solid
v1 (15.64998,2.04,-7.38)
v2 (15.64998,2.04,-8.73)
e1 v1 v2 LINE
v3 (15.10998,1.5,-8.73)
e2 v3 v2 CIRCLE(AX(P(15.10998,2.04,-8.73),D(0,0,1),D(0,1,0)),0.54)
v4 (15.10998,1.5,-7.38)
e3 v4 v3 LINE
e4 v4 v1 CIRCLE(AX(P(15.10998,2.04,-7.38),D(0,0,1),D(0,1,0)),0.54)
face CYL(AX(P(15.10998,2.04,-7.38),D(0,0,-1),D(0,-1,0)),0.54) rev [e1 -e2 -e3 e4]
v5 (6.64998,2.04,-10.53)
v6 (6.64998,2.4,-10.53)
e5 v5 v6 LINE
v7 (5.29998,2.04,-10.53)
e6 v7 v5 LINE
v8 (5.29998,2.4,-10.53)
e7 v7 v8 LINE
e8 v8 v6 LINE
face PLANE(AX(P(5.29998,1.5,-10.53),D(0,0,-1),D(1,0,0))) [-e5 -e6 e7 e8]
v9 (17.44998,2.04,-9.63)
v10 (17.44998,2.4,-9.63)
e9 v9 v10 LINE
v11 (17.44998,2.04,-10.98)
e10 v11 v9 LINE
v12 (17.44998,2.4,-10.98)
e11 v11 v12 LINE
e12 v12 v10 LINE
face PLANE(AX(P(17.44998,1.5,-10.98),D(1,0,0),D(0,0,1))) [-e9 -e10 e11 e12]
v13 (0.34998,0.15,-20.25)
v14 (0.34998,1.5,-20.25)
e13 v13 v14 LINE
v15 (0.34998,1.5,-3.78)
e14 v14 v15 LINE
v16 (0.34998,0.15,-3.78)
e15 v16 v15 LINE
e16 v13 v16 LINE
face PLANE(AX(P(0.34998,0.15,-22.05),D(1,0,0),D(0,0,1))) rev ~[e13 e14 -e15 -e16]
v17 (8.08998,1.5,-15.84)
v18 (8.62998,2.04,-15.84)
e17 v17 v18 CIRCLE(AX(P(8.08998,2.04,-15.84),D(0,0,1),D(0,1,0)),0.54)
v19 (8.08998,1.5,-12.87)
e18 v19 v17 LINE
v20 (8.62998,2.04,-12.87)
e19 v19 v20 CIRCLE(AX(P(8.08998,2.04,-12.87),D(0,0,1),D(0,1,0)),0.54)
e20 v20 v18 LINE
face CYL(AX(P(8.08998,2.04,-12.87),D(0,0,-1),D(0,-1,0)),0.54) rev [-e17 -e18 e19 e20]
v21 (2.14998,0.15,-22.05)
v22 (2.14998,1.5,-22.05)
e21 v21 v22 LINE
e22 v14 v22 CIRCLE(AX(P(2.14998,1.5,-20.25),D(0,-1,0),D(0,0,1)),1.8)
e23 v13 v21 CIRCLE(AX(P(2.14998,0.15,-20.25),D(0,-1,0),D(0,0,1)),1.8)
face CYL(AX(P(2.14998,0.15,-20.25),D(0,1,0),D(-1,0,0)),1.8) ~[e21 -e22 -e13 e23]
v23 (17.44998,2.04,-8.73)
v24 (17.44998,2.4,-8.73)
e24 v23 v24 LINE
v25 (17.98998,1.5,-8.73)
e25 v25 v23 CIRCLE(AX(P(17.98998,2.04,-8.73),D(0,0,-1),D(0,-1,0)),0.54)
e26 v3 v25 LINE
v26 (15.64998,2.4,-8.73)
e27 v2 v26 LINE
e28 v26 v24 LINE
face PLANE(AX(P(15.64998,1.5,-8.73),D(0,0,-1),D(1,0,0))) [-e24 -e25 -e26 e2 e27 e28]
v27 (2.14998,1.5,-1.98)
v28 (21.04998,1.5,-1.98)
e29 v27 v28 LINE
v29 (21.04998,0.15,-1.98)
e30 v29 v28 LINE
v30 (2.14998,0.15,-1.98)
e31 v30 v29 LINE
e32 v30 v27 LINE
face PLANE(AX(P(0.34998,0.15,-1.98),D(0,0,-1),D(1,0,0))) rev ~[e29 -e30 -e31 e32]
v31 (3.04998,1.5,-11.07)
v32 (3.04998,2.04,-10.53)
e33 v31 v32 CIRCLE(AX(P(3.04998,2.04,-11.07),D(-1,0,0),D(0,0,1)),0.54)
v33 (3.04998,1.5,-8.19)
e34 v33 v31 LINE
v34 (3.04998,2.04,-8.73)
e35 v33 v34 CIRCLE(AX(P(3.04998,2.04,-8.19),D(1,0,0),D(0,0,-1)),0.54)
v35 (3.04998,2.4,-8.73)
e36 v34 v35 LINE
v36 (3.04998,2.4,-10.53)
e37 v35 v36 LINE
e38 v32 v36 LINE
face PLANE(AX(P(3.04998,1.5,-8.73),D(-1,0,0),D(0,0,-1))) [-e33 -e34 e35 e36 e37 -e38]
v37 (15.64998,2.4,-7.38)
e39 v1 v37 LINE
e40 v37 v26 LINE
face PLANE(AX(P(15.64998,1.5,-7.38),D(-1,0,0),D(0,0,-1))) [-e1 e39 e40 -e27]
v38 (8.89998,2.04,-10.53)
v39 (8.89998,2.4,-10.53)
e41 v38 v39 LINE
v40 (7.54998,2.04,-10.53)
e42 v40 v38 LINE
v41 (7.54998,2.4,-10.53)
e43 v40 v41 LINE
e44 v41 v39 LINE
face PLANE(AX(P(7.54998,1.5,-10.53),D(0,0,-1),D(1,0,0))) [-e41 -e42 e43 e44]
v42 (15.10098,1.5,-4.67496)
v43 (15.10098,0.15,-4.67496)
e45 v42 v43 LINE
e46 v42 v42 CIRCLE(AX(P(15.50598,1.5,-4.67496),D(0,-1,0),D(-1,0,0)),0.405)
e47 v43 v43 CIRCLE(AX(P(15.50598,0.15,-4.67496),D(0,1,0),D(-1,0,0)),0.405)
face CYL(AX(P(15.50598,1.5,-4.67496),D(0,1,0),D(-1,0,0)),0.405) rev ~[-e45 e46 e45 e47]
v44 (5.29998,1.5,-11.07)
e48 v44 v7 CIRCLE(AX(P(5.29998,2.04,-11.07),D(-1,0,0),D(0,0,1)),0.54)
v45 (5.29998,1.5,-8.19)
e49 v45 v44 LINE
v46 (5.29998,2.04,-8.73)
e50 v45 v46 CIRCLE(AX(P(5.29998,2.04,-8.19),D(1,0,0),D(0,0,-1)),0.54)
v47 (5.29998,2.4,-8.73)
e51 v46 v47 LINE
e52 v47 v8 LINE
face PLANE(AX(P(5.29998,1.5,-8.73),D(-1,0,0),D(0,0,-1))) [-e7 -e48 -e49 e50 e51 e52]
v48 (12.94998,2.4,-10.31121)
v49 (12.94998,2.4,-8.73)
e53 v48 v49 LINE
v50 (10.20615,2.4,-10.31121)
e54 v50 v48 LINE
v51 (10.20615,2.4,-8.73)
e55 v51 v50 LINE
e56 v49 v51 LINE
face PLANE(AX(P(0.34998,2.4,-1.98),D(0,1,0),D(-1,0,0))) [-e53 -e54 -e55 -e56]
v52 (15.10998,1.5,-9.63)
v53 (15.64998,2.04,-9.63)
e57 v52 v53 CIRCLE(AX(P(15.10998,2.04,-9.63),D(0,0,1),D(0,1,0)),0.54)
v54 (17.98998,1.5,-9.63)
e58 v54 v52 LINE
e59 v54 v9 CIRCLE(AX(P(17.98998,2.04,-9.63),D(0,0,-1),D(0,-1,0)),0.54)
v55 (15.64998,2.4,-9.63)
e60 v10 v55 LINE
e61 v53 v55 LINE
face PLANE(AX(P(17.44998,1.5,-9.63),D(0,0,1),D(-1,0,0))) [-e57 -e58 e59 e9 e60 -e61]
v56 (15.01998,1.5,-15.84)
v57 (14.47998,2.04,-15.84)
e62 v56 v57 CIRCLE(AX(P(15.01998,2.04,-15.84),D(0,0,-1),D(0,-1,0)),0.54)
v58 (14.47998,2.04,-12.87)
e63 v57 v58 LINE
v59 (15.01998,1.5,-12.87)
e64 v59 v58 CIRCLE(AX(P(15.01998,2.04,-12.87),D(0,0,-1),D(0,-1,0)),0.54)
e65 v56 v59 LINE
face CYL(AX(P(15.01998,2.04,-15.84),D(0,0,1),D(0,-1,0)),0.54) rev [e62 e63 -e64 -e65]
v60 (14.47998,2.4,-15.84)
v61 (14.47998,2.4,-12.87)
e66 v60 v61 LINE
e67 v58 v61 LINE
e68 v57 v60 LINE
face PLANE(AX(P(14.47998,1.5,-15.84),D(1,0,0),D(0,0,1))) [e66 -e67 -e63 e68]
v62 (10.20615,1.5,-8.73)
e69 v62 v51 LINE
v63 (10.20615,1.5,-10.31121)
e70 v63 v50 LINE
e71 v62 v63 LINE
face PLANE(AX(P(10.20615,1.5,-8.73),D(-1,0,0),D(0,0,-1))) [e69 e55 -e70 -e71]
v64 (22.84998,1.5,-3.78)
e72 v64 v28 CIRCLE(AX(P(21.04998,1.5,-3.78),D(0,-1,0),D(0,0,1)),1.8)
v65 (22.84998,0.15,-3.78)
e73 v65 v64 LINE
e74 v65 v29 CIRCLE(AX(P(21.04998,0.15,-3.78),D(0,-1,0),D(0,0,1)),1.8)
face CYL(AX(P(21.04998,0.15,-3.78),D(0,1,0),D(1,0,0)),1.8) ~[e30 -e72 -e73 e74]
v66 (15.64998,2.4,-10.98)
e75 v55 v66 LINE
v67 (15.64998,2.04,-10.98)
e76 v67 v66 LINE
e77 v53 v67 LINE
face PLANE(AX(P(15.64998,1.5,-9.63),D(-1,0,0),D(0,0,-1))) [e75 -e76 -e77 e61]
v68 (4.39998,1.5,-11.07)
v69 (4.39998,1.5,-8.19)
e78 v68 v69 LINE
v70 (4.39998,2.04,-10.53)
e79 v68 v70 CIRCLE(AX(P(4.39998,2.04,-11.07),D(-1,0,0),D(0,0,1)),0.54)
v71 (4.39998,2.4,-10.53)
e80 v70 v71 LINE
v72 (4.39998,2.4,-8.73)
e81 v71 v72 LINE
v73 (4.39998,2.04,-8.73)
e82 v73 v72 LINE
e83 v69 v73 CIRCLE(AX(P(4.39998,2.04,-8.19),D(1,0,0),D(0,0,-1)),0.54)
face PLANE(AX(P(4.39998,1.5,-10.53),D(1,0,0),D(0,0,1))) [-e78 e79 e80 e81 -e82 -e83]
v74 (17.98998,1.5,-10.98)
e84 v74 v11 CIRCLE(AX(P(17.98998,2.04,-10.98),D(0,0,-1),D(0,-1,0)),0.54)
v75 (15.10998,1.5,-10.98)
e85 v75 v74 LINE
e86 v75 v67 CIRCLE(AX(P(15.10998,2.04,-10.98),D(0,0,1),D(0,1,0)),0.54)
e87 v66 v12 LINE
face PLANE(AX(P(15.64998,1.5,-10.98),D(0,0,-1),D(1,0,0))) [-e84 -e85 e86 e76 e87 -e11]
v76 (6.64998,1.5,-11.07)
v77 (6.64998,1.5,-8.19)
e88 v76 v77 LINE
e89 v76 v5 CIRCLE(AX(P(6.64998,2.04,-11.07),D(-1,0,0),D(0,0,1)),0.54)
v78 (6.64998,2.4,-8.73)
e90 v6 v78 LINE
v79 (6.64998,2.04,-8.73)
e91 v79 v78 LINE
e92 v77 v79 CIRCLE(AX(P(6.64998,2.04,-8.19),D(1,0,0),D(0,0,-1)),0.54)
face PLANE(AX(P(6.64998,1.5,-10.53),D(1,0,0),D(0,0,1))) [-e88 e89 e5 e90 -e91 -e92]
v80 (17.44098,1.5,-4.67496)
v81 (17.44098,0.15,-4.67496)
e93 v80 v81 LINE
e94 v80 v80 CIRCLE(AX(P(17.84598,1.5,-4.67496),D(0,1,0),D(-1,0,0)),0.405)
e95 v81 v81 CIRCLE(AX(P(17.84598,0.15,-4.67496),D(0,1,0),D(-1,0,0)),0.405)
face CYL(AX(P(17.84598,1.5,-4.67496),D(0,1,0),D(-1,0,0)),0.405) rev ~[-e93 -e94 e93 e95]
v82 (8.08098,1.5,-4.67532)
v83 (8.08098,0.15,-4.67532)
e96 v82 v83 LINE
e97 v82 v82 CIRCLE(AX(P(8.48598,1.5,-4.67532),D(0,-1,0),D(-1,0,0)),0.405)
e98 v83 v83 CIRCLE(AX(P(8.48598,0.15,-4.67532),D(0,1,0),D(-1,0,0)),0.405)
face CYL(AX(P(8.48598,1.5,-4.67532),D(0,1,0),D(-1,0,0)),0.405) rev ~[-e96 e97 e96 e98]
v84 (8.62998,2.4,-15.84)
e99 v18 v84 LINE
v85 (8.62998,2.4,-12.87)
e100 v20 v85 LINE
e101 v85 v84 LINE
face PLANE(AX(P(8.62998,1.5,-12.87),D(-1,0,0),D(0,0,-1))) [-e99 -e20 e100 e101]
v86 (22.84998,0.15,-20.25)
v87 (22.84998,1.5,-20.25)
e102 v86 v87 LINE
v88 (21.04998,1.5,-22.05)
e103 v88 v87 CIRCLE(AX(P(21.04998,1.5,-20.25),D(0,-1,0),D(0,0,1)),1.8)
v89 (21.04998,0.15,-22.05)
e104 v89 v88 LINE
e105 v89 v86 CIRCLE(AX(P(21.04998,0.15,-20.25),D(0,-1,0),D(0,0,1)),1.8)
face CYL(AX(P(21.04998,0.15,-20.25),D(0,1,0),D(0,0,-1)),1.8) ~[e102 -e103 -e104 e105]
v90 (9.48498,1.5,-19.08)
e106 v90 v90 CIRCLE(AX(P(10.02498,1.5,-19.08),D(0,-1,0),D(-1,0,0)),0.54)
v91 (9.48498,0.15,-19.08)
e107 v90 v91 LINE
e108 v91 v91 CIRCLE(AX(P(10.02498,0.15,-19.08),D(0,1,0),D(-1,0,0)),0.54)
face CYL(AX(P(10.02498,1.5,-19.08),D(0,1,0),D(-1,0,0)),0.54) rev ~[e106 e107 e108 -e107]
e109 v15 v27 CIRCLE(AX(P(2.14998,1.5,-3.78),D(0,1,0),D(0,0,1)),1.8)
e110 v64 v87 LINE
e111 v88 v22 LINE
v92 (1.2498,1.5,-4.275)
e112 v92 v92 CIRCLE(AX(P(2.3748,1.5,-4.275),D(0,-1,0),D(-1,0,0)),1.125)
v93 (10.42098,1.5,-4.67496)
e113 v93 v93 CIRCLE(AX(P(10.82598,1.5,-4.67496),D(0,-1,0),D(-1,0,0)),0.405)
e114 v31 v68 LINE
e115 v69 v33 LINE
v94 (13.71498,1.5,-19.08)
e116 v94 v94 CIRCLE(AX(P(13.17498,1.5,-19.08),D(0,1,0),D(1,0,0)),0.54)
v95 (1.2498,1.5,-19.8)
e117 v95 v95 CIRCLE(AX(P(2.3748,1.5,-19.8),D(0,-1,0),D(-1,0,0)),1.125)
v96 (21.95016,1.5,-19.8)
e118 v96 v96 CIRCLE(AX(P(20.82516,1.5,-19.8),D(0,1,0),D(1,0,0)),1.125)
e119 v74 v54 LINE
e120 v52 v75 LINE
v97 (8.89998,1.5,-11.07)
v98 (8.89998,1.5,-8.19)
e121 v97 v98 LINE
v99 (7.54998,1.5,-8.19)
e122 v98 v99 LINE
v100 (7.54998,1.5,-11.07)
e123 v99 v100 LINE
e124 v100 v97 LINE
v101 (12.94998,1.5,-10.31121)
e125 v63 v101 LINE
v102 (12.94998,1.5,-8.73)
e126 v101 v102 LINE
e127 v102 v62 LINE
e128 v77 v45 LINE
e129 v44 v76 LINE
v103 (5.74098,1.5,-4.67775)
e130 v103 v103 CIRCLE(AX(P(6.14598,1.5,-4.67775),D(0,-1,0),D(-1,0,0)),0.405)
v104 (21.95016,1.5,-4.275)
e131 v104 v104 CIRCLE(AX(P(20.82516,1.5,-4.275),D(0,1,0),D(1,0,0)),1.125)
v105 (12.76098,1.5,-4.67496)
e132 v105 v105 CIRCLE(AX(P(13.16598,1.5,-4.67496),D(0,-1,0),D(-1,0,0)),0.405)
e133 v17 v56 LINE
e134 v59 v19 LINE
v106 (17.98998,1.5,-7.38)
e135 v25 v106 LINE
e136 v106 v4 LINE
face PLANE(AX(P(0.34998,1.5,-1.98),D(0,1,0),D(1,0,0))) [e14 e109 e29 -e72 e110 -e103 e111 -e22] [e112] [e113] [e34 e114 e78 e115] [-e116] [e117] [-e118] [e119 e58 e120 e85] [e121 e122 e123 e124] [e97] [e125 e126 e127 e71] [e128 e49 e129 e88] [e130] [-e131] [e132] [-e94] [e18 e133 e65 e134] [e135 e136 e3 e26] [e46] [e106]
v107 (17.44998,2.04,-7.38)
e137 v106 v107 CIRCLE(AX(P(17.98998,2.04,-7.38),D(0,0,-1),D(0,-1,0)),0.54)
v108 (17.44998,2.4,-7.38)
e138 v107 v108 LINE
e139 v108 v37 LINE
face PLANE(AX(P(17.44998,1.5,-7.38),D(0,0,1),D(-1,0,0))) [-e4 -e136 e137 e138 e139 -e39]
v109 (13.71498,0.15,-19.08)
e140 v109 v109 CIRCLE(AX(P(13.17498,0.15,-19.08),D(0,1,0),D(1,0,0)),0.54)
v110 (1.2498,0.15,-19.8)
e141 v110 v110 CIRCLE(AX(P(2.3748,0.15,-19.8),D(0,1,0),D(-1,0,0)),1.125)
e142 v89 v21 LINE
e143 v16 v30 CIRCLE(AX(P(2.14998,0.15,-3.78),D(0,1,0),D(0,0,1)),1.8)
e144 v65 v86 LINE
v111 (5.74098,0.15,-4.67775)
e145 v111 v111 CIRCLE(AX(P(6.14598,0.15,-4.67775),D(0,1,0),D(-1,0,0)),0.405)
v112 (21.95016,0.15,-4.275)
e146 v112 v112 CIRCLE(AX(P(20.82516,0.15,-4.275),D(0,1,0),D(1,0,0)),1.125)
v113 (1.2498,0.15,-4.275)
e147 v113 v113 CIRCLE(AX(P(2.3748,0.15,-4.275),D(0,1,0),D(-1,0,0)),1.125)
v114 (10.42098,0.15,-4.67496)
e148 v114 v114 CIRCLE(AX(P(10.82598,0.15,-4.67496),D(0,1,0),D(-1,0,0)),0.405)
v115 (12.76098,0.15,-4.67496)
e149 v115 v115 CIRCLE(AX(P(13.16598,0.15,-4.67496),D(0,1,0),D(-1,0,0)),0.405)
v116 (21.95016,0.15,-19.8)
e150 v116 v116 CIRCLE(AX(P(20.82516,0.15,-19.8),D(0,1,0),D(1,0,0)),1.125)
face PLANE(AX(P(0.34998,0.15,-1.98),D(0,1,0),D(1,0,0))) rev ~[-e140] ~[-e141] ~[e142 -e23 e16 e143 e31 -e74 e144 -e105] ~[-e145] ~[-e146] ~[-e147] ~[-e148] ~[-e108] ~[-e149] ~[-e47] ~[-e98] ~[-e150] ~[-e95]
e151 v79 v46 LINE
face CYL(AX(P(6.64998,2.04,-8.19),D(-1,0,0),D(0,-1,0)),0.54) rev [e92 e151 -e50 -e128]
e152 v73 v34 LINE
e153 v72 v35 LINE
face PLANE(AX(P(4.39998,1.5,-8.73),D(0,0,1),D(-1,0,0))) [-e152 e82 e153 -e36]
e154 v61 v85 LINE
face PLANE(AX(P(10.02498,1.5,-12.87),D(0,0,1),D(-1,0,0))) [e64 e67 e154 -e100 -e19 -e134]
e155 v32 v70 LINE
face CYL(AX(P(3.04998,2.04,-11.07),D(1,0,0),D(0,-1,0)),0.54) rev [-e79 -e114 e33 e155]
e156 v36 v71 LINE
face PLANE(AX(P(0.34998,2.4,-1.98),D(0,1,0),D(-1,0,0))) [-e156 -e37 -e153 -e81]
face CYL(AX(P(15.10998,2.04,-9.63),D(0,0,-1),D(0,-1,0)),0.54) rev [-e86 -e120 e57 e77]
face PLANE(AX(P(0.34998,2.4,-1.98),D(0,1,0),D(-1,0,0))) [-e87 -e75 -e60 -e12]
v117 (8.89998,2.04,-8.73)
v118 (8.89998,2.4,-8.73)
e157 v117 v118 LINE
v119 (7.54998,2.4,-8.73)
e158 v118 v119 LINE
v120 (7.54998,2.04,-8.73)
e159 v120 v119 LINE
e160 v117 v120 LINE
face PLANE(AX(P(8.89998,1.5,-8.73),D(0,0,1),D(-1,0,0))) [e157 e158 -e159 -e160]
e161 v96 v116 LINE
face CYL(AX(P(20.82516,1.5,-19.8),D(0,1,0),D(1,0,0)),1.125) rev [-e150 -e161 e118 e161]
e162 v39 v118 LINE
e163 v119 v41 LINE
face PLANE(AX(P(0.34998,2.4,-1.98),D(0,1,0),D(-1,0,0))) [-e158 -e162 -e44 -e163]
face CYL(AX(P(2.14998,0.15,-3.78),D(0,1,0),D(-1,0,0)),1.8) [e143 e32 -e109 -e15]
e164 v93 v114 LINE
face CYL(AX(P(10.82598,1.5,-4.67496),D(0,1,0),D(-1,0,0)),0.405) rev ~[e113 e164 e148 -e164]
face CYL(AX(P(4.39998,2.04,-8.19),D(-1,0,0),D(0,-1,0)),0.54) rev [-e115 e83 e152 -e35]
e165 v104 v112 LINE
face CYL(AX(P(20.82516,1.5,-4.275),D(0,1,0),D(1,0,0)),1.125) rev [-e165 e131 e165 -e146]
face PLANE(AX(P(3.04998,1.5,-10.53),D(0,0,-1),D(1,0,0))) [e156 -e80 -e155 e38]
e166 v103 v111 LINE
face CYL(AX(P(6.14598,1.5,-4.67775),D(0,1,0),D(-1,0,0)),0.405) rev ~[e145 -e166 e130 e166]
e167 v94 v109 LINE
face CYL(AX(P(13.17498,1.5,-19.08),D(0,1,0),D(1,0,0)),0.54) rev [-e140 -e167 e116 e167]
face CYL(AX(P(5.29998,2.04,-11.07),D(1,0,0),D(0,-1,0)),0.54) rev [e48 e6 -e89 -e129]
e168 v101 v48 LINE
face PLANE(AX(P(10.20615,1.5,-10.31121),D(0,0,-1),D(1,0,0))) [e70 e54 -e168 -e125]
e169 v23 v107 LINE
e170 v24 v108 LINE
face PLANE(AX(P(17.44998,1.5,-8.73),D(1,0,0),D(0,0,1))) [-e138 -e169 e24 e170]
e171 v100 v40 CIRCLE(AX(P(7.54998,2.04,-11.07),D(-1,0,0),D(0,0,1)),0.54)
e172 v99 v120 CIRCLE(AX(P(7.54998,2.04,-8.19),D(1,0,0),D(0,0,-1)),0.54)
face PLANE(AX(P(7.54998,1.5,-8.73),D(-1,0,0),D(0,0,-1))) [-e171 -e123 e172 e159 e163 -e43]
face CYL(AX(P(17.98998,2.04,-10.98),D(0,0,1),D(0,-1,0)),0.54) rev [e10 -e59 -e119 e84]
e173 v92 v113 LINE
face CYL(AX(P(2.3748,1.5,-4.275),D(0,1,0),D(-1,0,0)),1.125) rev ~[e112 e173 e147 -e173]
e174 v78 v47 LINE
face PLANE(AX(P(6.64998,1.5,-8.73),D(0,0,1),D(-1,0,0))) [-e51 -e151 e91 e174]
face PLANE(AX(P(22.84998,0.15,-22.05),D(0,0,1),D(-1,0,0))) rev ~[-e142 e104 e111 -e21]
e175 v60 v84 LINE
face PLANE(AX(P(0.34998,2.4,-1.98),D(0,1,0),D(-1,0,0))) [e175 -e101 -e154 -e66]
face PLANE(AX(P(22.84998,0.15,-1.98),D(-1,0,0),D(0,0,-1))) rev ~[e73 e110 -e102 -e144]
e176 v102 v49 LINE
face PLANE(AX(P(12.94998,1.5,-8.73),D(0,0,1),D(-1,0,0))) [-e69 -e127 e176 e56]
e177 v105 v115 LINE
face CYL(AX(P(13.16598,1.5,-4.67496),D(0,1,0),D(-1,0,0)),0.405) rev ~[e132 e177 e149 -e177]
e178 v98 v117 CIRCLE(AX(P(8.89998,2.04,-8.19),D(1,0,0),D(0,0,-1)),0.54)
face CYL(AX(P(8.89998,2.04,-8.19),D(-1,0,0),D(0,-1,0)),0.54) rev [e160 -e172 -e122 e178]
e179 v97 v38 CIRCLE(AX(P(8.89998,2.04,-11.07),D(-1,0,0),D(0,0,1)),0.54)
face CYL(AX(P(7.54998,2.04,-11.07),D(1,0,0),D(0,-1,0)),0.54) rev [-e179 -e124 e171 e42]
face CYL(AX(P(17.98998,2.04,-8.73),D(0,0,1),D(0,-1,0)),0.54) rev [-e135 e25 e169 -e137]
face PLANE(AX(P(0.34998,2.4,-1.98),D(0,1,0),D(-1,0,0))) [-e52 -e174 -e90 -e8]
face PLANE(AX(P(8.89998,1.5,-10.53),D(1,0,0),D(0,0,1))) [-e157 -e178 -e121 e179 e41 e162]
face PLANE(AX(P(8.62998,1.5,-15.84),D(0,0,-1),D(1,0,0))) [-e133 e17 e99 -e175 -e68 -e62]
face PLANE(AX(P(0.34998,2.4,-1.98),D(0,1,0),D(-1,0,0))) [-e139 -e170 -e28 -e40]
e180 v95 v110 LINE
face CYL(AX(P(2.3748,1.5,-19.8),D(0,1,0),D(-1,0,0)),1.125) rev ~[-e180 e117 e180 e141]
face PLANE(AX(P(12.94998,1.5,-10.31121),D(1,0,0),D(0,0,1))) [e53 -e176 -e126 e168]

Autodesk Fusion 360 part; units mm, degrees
sketch "Sketch1" plane through (0, 0, 0) normal (0, 1, 0) x (1, 0, 0)
  line L0 (0, 0) -> (25, 0)
  line L1 (25, 0) -> (25, 22.3)
  line L2 (25, 22.3) -> (0, 22.3)
  line L3 (0, 22.3) -> (0, 0)
  dimension "d1" = 25
  dimension "d2" = 22.3
extrude "Extrude1" add sketch "Sketch1" along normal blind 1.5
fillet "Fillet1" radius 2 4 edges at (25, 0.75, 0) (25, 0.75, -22.3) (0, 0.75, -22.3) (0, 0.75, 0)
sketch "Sketch2" plane through (0, 1.5, 0) normal (0, 1, 0) x (-1, 0, 0)
  arc A0 (0, -2) -> (-2, 0) centre (-2, -2) ccw
  line L0 (-2, 0) -> (-23, 0)
  arc A1 (-23, 0) -> (-25, -2) centre (-23, -2) ccw
  line L1 (-25, -2) -> (-25, -20.3)
  arc A2 (-25, -20.3) -> (-23, -22.3) centre (-23, -20.3) ccw
  line L2 (-23, -22.3) -> (-2, -22.3)
  arc A3 (-2, -22.3) -> (0, -20.3) centre (-2, -20.3) ccw
  line L3 (0, -20.3) -> (0, -2)
  line L4 (0, 0) -> (-2.25, 0)
  line L5 (-2.25, 0) -> (-2.2498, -2.55)
  circle A4 centre (-2.2498, -2.55) radius 1.25
  line L6 (-2.2498, -2.55) -> (-2.2499, -1.275)
  line L7 (-2.2498, -2.55) -> (-2.2498, -19.8)
  circle A5 centre (-2.2498, -19.8) radius 1.25
  line L8 (0, 0) -> (-6.5, 0)
  line L9 (-6.5, 0) -> (-6.5, -0.4982)
  circle A6 centre (-6.44, -2.9975) radius 0.45
  line L10 (-6.44, -2.9975) -> (-9.04, -2.9948)
  circle A7 centre (-9.04, -2.9948) radius 0.45
  line L11 (-9.04, -2.9948) -> (-11.64, -2.9944)
  circle A8 centre (-11.64, -2.9944) radius 0.45
  line L12 (0, 0) -> (-10.75, 0)
  line L13 (-10.75, 0) -> (-10.75, -19)
  circle A9 centre (-10.75, -19) radius 0.6
  line L14 (-9.2, -15.4) -> (-15.7, -15.4)
  line L15 (-15.7, -15.4) -> (-15.7, -12.1)
  line L16 (-15.7, -12.1) -> (-9.2, -12.1)
  line L17 (-9.2, -12.1) -> (-9.2, -15.4)
  line L18 (-3, -9.5) -> (-4.5, -9.5)
  line L19 (-4.5, -9.5) -> (-4.5, -7.5)
  line L20 (-4.5, -7.5) -> (-3, -7.5)
  line L21 (-3, -7.5) -> (-3, -9.5)
  line L22 (-5.5, -9.5) -> (-7, -9.5)
  line L23 (-7, -9.5) -> (-7, -7.5)
  line L24 (-7, -7.5) -> (-5.5, -7.5)
  line L25 (-5.5, -7.5) -> (-5.5, -9.5)
  line L26 (-8, -9.5) -> (-9.5, -9.5)
  line L27 (-9.5, -9.5) -> (-9.5, -7.5)
  line L28 (-9.5, -7.5) -> (-8, -7.5)
  line L29 (-8, -7.5) -> (-8, -9.5)
  line L30 (-14, -7.5) -> (-10.9513, -7.5)
  line L31 (-10.9513, -7.5) -> (-10.9513, -9.2569)
  line L32 (-10.9513, -9.2569) -> (-14, -9.2569)
  line L33 (-14, -9.2569) -> (-14, -7.5)
  line L34 (-17, -10) -> (-19, -10)
  line L35 (-19, -10) -> (-19, -8.5)
  line L36 (-19, -8.5) -> (-17, -8.5)
  line L37 (-17, -8.5) -> (-17, -10)
  line L38 (-17, -7.5) -> (-19, -7.5)
  line L39 (-19, -7.5) -> (-19, -6)
  line L40 (-19, -6) -> (-17, -6)
  line L41 (-17, -6) -> (-17, -7.5)
  line L42 (-11.64, -2.9944) -> (-14.24, -2.9944)
  line L43 (-14.24, -2.9944) -> (-16.84, -2.9944)
  line L44 (-16.84, -2.9944) -> (-19.44, -2.9944)
  circle A10 centre (-14.24, -2.9944) radius 0.45
  circle A11 centre (-16.84, -2.9944) radius 0.45
  circle A12 centre (-19.44, -2.9944) radius 0.45
  dimension "d6" = 2.25
  dimension "d7" = 2.55
  dimension "d8" = 2.5
  dimension "d9" = 17.25
  dimension "d10" = 2.5
  dimension "d11" = 6.5
  dimension "d12" = 2.5
  dimension "d13" = 0.9
  dimension "d14" = 6.5
  dimension "d15" = 2.6
  dimension "d16" = 0.9
  dimension "d17" = 2.6
  dimension "d18" = 0.9
  dimension "d22" = 10.75
  dimension "d23" = 19
  dimension "d24" = 1.2
  dimension "d28" = 2.6
  dimension "d29" = 2.6
  dimension "d30" = 2.6
  dimension "d31" = 0.9
  dimension "d32" = 0.9
  dimension "d33" = 0.9
extrude "Extrude2" cut sketch "Sketch2" against normal blind 5 contours A5 | L5 A4 L6 L7 | L5 A4 L6 L7 | A9
ref_plane "WorkPlane1" through (12.5, 0.75, -11.15) normal (-1, 0, 0) x (0, 0, 1)
mirror "Mirror1" about plane through (12.5, 0.75, -11.15) normal (-1, 0, 0) of "Extrude2"
extrude "Extrude3" add sketch "Sketch2" along normal blind 1 contours L13 L14 L16 L17 | L13 L14 L15 L16 | L18 L19 L20 L21 | L22 L23 L24 L25 | L26 L27 L28 L29 | L30 L31 L32 L33 | L34 L35 L36 L37 | L38 L39 L40 L41
fillet "Fillet2" radius 0.6 12 edges at (9.2, 1.5, -13.75) (15.7, 1.5, -13.75) (8.75, 1.5, -7.5) (8.75, 1.5, -9.5) (6.25, 1.5, -7.5) (6.25, 1.5, -9.5) (3.75, 1.5, -9.5) (3.75, 1.5, -7.5) (19, 1.5, -9.25) (17, 1.5, -9.25) (17, 1.5, -6.75) (19, 1.5, -6.75)
extrude "Extrude4" cut sketch "Sketch2" against normal blind 4 contours A6 | L10 A7 L11 | L10 A7 L11 | A12 | L43 L44 A11 | L43 L44 A11 | L42 L43 A10 | L42 L43 A10 | L11 A8 L42 | L11 A8 L42
scale "Maßstab1" factor 0.9 about (3.4998, 1.5, -19.8) bodies 1
